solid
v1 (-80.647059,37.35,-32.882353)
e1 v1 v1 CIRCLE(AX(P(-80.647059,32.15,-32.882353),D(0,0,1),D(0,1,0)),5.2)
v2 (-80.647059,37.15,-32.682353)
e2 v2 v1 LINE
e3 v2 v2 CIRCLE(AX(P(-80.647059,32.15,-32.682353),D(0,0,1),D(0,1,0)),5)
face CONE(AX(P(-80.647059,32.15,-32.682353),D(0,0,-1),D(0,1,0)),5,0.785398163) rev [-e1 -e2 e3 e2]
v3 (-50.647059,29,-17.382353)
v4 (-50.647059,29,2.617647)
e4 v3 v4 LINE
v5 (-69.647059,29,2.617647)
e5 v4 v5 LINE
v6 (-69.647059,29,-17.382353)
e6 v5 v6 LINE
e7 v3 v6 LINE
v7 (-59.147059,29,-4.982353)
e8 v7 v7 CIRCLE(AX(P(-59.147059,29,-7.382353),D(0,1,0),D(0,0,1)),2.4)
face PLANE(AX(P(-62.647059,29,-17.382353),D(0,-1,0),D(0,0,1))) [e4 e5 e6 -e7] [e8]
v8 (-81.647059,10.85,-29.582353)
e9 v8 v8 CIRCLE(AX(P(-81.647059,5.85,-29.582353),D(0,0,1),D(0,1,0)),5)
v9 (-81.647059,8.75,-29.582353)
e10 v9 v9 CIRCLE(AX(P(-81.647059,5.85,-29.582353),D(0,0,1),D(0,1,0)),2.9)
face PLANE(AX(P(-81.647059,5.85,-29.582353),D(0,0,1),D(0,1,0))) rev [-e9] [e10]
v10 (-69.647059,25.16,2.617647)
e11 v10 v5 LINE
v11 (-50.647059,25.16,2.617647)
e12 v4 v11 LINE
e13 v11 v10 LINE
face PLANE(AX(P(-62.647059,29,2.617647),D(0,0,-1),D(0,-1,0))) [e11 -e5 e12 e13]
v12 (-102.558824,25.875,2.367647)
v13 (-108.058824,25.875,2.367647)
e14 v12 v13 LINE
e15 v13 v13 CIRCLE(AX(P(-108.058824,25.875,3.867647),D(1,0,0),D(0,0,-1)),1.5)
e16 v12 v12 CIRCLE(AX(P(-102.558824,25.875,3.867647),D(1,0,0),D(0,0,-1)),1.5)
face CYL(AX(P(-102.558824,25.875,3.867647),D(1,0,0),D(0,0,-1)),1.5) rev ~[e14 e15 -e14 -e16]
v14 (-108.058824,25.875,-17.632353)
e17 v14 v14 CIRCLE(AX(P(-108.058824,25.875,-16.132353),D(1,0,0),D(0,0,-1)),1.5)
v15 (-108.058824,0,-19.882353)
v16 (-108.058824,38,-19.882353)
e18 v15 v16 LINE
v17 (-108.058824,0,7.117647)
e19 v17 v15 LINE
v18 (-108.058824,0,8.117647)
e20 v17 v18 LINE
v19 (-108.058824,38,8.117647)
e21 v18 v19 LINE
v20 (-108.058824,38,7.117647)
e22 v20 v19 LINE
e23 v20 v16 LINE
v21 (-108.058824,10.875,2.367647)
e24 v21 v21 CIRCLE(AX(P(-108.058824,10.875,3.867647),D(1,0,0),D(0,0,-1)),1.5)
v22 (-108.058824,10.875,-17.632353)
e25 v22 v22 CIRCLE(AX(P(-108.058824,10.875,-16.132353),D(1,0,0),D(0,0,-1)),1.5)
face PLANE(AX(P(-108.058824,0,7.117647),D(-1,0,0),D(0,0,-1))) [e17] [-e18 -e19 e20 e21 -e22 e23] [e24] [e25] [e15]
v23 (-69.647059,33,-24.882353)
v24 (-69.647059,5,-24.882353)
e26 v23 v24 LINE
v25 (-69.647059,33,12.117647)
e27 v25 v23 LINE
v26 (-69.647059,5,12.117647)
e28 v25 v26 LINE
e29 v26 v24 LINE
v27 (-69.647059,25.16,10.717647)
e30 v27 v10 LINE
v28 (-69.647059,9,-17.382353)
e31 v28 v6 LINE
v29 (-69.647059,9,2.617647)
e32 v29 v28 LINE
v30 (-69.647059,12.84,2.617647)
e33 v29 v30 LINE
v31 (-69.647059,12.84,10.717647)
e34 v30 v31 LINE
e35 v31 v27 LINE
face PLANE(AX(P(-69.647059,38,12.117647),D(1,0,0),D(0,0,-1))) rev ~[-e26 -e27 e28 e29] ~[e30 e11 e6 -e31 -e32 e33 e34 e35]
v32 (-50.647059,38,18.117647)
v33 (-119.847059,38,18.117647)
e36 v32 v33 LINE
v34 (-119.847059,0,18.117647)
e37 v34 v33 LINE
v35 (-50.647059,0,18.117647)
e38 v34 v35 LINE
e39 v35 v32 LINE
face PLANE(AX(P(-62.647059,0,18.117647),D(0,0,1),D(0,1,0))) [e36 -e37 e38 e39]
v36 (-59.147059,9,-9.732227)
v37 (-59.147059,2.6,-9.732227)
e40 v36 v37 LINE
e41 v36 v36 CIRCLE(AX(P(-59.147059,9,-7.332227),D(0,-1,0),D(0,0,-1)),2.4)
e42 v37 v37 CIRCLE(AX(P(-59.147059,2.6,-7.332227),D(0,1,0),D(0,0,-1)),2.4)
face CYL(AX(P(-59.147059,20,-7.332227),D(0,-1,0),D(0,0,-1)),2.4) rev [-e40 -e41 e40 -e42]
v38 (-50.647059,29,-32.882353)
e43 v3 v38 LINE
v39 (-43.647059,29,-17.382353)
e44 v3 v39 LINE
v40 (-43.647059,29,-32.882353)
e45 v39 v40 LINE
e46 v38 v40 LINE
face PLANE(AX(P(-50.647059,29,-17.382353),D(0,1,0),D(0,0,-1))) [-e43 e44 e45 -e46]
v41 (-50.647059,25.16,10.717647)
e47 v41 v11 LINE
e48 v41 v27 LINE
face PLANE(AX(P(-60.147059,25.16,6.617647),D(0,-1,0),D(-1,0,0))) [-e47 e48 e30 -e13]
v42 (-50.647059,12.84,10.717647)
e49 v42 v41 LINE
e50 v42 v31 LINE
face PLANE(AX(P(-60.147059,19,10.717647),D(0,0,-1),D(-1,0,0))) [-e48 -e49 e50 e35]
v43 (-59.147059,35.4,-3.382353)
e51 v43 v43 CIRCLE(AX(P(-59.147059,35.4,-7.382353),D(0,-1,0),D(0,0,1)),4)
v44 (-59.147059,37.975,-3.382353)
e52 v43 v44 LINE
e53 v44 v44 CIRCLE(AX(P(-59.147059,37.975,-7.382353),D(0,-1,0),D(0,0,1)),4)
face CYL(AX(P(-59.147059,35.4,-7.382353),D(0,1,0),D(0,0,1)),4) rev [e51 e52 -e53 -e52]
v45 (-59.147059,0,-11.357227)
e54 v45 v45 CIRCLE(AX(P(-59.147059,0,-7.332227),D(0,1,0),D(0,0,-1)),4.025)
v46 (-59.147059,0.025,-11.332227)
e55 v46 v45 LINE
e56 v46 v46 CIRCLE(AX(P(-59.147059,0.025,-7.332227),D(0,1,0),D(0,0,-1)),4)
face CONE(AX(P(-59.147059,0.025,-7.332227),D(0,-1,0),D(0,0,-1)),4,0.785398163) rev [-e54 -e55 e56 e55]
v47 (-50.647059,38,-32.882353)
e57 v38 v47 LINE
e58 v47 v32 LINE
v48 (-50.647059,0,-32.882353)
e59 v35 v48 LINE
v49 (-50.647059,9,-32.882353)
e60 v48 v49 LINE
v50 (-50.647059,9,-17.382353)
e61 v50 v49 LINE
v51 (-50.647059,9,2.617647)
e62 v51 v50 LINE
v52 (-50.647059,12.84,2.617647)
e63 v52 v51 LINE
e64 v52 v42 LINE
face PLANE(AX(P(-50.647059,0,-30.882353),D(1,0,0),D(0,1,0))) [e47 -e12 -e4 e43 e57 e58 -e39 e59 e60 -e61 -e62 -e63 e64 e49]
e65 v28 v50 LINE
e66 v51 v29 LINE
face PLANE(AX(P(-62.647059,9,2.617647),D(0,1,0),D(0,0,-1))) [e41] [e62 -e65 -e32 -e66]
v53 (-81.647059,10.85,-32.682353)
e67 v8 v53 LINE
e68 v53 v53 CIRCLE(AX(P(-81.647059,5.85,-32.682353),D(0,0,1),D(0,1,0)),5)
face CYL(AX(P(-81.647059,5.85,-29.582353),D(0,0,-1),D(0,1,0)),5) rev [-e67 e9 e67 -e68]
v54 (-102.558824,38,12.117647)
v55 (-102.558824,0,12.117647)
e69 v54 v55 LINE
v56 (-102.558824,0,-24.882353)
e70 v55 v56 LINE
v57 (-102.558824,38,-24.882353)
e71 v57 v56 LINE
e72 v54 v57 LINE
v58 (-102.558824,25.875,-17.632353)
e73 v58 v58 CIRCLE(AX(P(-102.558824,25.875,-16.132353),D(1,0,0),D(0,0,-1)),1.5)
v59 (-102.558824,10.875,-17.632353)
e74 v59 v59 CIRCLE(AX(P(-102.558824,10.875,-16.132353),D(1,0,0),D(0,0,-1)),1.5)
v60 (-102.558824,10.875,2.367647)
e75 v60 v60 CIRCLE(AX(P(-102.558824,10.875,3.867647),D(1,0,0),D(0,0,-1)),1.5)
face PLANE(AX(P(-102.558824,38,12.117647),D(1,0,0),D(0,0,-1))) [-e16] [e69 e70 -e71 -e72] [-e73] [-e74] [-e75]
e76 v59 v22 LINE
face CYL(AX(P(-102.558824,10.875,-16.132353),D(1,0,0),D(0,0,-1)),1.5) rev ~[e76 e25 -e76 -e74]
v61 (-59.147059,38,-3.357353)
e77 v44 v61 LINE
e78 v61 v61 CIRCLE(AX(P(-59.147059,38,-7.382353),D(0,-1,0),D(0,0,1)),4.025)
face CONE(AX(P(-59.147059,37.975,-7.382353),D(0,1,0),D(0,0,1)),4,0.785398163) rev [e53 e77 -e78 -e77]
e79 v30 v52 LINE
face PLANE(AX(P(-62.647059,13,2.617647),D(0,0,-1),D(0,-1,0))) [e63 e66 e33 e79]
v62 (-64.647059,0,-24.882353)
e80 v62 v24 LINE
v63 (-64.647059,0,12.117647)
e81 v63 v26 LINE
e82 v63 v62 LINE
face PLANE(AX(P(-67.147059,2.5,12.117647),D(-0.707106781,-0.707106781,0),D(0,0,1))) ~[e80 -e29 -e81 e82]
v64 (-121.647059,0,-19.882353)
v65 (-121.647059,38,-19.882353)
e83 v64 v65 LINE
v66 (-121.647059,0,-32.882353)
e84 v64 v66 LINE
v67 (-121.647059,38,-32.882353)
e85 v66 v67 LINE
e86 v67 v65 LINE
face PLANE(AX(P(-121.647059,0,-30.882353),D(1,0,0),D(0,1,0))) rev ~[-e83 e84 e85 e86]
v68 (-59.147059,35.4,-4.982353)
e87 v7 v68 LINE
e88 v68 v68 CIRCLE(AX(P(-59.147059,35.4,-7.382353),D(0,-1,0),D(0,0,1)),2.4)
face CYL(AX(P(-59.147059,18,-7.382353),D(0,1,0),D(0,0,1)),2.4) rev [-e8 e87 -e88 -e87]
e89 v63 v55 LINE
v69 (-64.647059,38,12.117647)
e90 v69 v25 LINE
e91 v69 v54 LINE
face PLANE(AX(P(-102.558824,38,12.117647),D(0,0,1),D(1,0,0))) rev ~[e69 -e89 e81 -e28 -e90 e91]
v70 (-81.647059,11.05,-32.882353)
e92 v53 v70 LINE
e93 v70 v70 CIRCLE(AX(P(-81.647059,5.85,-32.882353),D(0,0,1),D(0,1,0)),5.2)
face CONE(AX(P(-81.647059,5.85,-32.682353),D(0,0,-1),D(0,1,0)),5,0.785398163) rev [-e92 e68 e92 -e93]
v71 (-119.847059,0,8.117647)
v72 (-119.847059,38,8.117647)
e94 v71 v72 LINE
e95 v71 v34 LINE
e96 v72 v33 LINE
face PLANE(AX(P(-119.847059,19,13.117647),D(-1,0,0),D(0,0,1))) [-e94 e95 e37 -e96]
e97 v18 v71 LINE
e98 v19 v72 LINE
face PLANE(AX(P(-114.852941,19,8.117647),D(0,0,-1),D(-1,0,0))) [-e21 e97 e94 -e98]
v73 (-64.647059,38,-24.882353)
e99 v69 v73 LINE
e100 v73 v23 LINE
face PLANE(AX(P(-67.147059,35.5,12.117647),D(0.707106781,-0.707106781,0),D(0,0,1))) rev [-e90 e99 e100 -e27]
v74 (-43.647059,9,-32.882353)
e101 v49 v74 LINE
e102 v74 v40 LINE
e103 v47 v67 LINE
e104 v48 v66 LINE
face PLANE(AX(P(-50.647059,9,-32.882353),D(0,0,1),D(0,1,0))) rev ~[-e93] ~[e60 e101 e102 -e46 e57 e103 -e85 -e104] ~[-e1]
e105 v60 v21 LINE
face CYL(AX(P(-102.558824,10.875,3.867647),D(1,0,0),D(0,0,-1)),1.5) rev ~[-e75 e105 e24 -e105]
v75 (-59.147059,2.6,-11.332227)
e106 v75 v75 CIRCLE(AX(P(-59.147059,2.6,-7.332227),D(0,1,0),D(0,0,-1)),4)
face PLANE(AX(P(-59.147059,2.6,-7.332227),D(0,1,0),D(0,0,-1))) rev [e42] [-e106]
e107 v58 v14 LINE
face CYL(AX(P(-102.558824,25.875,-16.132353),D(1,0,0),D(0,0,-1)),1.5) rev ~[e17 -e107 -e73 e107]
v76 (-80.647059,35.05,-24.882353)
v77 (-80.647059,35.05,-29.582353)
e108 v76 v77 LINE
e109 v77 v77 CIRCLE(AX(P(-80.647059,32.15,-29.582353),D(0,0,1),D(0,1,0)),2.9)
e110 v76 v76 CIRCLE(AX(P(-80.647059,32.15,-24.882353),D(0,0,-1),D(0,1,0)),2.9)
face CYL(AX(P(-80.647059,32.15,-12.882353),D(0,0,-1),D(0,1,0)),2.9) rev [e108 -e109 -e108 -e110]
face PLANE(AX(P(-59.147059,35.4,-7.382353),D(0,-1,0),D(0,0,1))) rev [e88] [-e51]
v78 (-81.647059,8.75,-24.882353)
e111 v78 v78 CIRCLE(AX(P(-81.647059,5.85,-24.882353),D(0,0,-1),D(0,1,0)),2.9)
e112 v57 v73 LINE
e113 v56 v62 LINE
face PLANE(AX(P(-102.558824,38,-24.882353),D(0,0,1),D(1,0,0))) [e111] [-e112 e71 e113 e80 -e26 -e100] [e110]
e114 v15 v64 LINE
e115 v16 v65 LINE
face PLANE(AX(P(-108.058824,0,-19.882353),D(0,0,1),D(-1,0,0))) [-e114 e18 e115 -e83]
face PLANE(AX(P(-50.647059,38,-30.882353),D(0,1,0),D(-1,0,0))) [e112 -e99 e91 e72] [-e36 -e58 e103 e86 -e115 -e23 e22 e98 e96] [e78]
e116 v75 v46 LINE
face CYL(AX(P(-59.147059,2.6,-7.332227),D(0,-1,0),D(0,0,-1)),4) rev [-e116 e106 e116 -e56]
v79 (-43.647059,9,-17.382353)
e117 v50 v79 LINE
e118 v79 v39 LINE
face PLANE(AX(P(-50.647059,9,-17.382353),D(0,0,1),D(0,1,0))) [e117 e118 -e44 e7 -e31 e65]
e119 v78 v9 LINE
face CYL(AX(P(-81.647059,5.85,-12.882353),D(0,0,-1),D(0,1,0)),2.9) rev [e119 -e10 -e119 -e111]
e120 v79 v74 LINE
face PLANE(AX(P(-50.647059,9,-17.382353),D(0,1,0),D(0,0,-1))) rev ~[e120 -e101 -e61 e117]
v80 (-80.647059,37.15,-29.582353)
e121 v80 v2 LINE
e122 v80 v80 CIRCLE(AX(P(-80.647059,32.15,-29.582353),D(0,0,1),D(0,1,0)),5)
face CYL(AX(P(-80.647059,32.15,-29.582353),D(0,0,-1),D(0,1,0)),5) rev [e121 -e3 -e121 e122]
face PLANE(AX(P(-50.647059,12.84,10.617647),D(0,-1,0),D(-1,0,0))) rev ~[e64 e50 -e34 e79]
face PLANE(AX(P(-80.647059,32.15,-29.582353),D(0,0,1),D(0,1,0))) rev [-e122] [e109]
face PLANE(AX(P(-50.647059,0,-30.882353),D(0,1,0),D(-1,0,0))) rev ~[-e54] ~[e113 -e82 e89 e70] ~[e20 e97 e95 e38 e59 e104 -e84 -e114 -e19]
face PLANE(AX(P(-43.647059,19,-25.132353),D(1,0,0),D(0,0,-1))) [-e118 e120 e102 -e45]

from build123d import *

# Parameters (mm, degrees)
SALIENTE_EXTRUIR1_DEPTH                     = 38
CROQUIS2_W                                  = 32.911764705
CROQUIS2_H                                  = 37
CORTAR_EXTRUIR1_DEPTH                       = 38
CROQUIS3_R                                  = 1.5
CORTAR_EXTRUIR3_DEPTH                       = 10
CROQUIS5_W                                  = 13.588235295
CROQUIS5_H                                  = 38
CORTAR_EXTRUIR4_DEPTH                       = 1
CROQUIS8_W                                  = 20
CROQUIS8_H                                  = 20
CORTAR_EXTRUIR5_DEPTH                       = 8
CROQUIS10_W                                 = 8
CROQUIS10_H                                 = 12
CORTAR_EXTRUIR7_DEPTH                       = 10
CROQUIS11_W                                 = 10
CROQUIS11_H                                 = 38
CORTAR_EXTRUIR8_DEPTH                       = 1.8
CROQUIS13_W                                 = 49
CROQUIS13_H                                 = 38
SALIENTE_EXTRUIR2_DEPTH                     = 12
CROQUIS15_W                                 = 71
CROQUIS15_H                                 = 38
SALIENTE_EXTRUIR3_DEPTH                     = 2
REFRENTADO_PARA_TORNILLO_CON_CABEZA_2_COUNT = 2
REFRENTADO_PARA_TORNILLO_CON_CABEZA_2_PITCH = 26.31900454
CROQUIS18_W                                 = 19
CROQUIS18_H                                 = 8
CORTAR_EXTRUIR9_DEPTH                       = 0.16
CROQUIS19_W                                 = 19
CROQUIS19_H                                 = 8
CORTAR_EXTRUIR10_DEPTH                      = 0.16
CROQUIS20_W                                 = 19
CROQUIS20_H                                 = 12.32
CORTAR_EXTRUIR11_DEPTH                      = 0.1
CHAFL_N3_SIZE                               = 5
CROQUIS26_W                                 = 15.5
CROQUIS26_H                                 = 20
SALIENTE_EXTRUIR4_DEPTH                     = 7


with BuildPart() as part:
    # Croquis1 → Saliente-Extruir1 (new body)
    with BuildSketch(Plane(origin=(0, 0, 0), x_dir=(1, 0, 0), z_dir=(0, 1, 0))):
        Polygon((-121.647058824, 30.882352941), (-62.647058824, 30.882352941), (-62.647058824, -18.117647059), (-121.647058824, -18.117647059), (-121.647058824, -7.117647059), (-108.058823529, -7.117647059), (-108.058823529, 19.882352941), (-121.647058824, 19.882352941), align=None)
    extrude(amount=SALIENTE_EXTRUIR1_DEPTH)

    # Croquis2 → Cortar-Extruir1 (cut)
    with BuildSketch(Plane(origin=(0, 38, 0), x_dir=(1, 0, 0), z_dir=(0, 1, 0))):
        with Locations((-86.102941176, 6.382352941)):
            Rectangle(CROQUIS2_W, CROQUIS2_H)
    extrude(amount=-CORTAR_EXTRUIR1_DEPTH, mode=Mode.SUBTRACT)

    # Croquis3 → Cortar-Extruir3 (cut)
    with BuildSketch(Plane(origin=(-102.558823529, 0, 0), x_dir=(0, 0, -1), z_dir=(1, 0, 0))):
        with Locations((16.132352941, 10.875)):
            Circle(CROQUIS3_R)
        with Locations((16.132352941, 25.875)):
            Circle(CROQUIS3_R)
        with Locations((-3.867647059, 10.875)):
            Circle(CROQUIS3_R)
        with Locations((-3.867647059, 25.875)):
            Circle(CROQUIS3_R)
    extrude(amount=-CORTAR_EXTRUIR3_DEPTH, mode=Mode.SUBTRACT)

    # Croquis5 → Cortar-Extruir4 (cut)
    with BuildSketch(Plane(origin=(0, 0, 7.117647059), x_dir=(-1, 0, 0), z_dir=(0, 0, -1))):
        with Locations((114.852941177, 19)):
            Rectangle(CROQUIS5_W, CROQUIS5_H)
    extrude(amount=-CORTAR_EXTRUIR4_DEPTH, mode=Mode.SUBTRACT)

    # Croquis8 → Cortar-Extruir5 (cut)
    with BuildSketch(Plane(origin=(-62.647058824, 0, 0), x_dir=(0, 0, -1), z_dir=(1, 0, 0))):
        with Locations((7.382352941, 19)):
            Rectangle(CROQUIS8_W, CROQUIS8_H)
    extrude(amount=-CORTAR_EXTRUIR5_DEPTH, mode=Mode.SUBTRACT)

    # Croquis10 → Cortar-Extruir7 (cut)
    with BuildSketch(Plane(origin=(-62.647058824, 0, 0), x_dir=(0, 0, -1), z_dir=(1, 0, 0))):
        with Locations((-6.617647059, 19)):
            Rectangle(CROQUIS10_W, CROQUIS10_H)
    extrude(amount=-CORTAR_EXTRUIR7_DEPTH, mode=Mode.SUBTRACT)

    # Croquis11 → Cortar-Extruir8 (cut)
    with BuildSketch(Plane.ZY.offset(121.647058824)):
        with Locations((13.117647059, 19)):
            Rectangle(CROQUIS11_W, CROQUIS11_H)
    extrude(amount=-CORTAR_EXTRUIR8_DEPTH, mode=Mode.SUBTRACT)

    # Croquis13 → Saliente-Extruir2 (add)
    with BuildSketch(Plane(origin=(-62.647058824, 0, 0), x_dir=(0, 0, -1), z_dir=(1, 0, 0))):
        with Locations((6.382352941, 19)):
            Rectangle(CROQUIS13_W, CROQUIS13_H)
        Polygon((17.382352941, 9), (17.382352941, 29), (-2.617647059, 29), (-2.617647059, 25), (-10.617647059, 25), (-10.617647059, 13), (-2.617647059, 13), (-2.617647059, 9), align=None, mode=Mode.SUBTRACT)
    extrude(amount=SALIENTE_EXTRUIR2_DEPTH)

    # Croquis15 → Saliente-Extruir3 (add)
    with BuildSketch(Plane(origin=(0, 0, -30.882352941), x_dir=(-1, 0, 0), z_dir=(0, 0, -1))):
        with Locations((86.147058824, 19)):
            Rectangle(CROQUIS15_W, CROQUIS15_H)
    extrude(amount=SALIENTE_EXTRUIR3_DEPTH)

    # Croquis17 → Refrentado para tornillo con cabeza plan (revolve, cut)
    with BuildSketch(Plane(origin=(-81.647058824, 5.85, -32.882352941), x_dir=(0, 1, 0), z_dir=(1, 0, 0))):
        Polygon((0, 0), (0, 21.742495795), (2.9, 20), (2.9, 3.3), (5, 3.3), (5, 0.2), (5.2, 0), align=None)
    refrentado_para_tornillo_con_cabeza_plan = revolve(axis=Axis((-81.647058824, 5.85, -39.232352941), (0, 0, 1)), mode=Mode.SUBTRACT)

    # Refrentado para tornillo con cabeza  2: Refrentado para tornillo con cabeza plan ×2
    with Locations(*[Vector(0.037995358, 0.999277916, 0) * (i * REFRENTADO_PARA_TORNILLO_CON_CABEZA_2_PITCH) for i in range(1, REFRENTADO_PARA_TORNILLO_CON_CABEZA_2_COUNT)]):
        add(refrentado_para_tornillo_con_cabeza_plan, mode=Mode.SUBTRACT)

    # Croquis18 → Cortar-Extruir9 (cut)
    with BuildSketch(Plane(origin=(0, 13, 0), x_dir=(1, 0, 0), z_dir=(0, 1, 0))):
        with Locations((-60.147058824, -6.617647059)):
            Rectangle(CROQUIS18_W, CROQUIS18_H)
    extrude(amount=-CORTAR_EXTRUIR9_DEPTH, mode=Mode.SUBTRACT)

    # Croquis19 → Cortar-Extruir10 (cut)
    with BuildSketch(Plane(origin=(0, 25, 0), x_dir=(-1, 0, 0), z_dir=(0, -1, 0))):
        with Locations((60.147058824, -6.617647059)):
            Rectangle(CROQUIS19_W, CROQUIS19_H)
    extrude(amount=-CORTAR_EXTRUIR10_DEPTH, mode=Mode.SUBTRACT)

    # Croquis20 → Cortar-Extruir11 (cut)
    with BuildSketch(Plane(origin=(0, 0, 10.617647059), x_dir=(-1, 0, 0), z_dir=(0, 0, -1))):
        with Locations((60.147058824, 19)):
            Rectangle(CROQUIS20_W, CROQUIS20_H)
    extrude(amount=-CORTAR_EXTRUIR11_DEPTH, mode=Mode.SUBTRACT)

    # Croquis23 → Refrentado para tornillo con cabeza  3 (revolve, cut)
    with BuildSketch(Plane(origin=(-59.147058824, 0, -7.332227312), x_dir=(0, 0, -1), z_dir=(1, 0, 0))):
        Polygon((0, 0), (0, 21.442065486), (2.4, 20), (2.4, 2.6), (4, 2.6), (4, 0.025), (4.025, 0), align=None)
    revolve(axis=Axis((-59.147058824, -6.35, -7.332227312), (0, 1, 0)), mode=Mode.SUBTRACT)

    # Croquis25 → Refrentado para tornillo con cabeza  4 (revolve, cut)
    with BuildSketch(Plane(origin=(-59.147058824, 38, -7.382352941), x_dir=(0, 0, 1), z_dir=(1, 0, 0))):
        Polygon((0, 0), (0, 21.442065486), (2.4, 20), (2.4, 2.6), (4, 2.6), (4, 0.025), (4.025, 0), align=None)
    revolve(axis=Axis((-59.147058824, 44.35, -7.382352941), (0, -1, 0)), mode=Mode.SUBTRACT)

    # Chaflán3
    chafl_n3_edges = [part.edges().sort_by_distance(p)[0] for p in [
        (-69.647058824, 0, -6.382352941),
        (-69.647058824, 38, -6.382352941),
    ]]
    chamfer(chafl_n3_edges, length=CHAFL_N3_SIZE)

    # Croquis26 → Saliente-Extruir4 (add)
    with BuildSketch(Plane(origin=(-50.647058824, 0, 0), x_dir=(0, 0, -1), z_dir=(1, 0, 0))):
        with Locations((25.132352941, 19)):
            Rectangle(CROQUIS26_W, CROQUIS26_H)
    extrude(amount=SALIENTE_EXTRUIR4_DEPTH)


solid = part.part
